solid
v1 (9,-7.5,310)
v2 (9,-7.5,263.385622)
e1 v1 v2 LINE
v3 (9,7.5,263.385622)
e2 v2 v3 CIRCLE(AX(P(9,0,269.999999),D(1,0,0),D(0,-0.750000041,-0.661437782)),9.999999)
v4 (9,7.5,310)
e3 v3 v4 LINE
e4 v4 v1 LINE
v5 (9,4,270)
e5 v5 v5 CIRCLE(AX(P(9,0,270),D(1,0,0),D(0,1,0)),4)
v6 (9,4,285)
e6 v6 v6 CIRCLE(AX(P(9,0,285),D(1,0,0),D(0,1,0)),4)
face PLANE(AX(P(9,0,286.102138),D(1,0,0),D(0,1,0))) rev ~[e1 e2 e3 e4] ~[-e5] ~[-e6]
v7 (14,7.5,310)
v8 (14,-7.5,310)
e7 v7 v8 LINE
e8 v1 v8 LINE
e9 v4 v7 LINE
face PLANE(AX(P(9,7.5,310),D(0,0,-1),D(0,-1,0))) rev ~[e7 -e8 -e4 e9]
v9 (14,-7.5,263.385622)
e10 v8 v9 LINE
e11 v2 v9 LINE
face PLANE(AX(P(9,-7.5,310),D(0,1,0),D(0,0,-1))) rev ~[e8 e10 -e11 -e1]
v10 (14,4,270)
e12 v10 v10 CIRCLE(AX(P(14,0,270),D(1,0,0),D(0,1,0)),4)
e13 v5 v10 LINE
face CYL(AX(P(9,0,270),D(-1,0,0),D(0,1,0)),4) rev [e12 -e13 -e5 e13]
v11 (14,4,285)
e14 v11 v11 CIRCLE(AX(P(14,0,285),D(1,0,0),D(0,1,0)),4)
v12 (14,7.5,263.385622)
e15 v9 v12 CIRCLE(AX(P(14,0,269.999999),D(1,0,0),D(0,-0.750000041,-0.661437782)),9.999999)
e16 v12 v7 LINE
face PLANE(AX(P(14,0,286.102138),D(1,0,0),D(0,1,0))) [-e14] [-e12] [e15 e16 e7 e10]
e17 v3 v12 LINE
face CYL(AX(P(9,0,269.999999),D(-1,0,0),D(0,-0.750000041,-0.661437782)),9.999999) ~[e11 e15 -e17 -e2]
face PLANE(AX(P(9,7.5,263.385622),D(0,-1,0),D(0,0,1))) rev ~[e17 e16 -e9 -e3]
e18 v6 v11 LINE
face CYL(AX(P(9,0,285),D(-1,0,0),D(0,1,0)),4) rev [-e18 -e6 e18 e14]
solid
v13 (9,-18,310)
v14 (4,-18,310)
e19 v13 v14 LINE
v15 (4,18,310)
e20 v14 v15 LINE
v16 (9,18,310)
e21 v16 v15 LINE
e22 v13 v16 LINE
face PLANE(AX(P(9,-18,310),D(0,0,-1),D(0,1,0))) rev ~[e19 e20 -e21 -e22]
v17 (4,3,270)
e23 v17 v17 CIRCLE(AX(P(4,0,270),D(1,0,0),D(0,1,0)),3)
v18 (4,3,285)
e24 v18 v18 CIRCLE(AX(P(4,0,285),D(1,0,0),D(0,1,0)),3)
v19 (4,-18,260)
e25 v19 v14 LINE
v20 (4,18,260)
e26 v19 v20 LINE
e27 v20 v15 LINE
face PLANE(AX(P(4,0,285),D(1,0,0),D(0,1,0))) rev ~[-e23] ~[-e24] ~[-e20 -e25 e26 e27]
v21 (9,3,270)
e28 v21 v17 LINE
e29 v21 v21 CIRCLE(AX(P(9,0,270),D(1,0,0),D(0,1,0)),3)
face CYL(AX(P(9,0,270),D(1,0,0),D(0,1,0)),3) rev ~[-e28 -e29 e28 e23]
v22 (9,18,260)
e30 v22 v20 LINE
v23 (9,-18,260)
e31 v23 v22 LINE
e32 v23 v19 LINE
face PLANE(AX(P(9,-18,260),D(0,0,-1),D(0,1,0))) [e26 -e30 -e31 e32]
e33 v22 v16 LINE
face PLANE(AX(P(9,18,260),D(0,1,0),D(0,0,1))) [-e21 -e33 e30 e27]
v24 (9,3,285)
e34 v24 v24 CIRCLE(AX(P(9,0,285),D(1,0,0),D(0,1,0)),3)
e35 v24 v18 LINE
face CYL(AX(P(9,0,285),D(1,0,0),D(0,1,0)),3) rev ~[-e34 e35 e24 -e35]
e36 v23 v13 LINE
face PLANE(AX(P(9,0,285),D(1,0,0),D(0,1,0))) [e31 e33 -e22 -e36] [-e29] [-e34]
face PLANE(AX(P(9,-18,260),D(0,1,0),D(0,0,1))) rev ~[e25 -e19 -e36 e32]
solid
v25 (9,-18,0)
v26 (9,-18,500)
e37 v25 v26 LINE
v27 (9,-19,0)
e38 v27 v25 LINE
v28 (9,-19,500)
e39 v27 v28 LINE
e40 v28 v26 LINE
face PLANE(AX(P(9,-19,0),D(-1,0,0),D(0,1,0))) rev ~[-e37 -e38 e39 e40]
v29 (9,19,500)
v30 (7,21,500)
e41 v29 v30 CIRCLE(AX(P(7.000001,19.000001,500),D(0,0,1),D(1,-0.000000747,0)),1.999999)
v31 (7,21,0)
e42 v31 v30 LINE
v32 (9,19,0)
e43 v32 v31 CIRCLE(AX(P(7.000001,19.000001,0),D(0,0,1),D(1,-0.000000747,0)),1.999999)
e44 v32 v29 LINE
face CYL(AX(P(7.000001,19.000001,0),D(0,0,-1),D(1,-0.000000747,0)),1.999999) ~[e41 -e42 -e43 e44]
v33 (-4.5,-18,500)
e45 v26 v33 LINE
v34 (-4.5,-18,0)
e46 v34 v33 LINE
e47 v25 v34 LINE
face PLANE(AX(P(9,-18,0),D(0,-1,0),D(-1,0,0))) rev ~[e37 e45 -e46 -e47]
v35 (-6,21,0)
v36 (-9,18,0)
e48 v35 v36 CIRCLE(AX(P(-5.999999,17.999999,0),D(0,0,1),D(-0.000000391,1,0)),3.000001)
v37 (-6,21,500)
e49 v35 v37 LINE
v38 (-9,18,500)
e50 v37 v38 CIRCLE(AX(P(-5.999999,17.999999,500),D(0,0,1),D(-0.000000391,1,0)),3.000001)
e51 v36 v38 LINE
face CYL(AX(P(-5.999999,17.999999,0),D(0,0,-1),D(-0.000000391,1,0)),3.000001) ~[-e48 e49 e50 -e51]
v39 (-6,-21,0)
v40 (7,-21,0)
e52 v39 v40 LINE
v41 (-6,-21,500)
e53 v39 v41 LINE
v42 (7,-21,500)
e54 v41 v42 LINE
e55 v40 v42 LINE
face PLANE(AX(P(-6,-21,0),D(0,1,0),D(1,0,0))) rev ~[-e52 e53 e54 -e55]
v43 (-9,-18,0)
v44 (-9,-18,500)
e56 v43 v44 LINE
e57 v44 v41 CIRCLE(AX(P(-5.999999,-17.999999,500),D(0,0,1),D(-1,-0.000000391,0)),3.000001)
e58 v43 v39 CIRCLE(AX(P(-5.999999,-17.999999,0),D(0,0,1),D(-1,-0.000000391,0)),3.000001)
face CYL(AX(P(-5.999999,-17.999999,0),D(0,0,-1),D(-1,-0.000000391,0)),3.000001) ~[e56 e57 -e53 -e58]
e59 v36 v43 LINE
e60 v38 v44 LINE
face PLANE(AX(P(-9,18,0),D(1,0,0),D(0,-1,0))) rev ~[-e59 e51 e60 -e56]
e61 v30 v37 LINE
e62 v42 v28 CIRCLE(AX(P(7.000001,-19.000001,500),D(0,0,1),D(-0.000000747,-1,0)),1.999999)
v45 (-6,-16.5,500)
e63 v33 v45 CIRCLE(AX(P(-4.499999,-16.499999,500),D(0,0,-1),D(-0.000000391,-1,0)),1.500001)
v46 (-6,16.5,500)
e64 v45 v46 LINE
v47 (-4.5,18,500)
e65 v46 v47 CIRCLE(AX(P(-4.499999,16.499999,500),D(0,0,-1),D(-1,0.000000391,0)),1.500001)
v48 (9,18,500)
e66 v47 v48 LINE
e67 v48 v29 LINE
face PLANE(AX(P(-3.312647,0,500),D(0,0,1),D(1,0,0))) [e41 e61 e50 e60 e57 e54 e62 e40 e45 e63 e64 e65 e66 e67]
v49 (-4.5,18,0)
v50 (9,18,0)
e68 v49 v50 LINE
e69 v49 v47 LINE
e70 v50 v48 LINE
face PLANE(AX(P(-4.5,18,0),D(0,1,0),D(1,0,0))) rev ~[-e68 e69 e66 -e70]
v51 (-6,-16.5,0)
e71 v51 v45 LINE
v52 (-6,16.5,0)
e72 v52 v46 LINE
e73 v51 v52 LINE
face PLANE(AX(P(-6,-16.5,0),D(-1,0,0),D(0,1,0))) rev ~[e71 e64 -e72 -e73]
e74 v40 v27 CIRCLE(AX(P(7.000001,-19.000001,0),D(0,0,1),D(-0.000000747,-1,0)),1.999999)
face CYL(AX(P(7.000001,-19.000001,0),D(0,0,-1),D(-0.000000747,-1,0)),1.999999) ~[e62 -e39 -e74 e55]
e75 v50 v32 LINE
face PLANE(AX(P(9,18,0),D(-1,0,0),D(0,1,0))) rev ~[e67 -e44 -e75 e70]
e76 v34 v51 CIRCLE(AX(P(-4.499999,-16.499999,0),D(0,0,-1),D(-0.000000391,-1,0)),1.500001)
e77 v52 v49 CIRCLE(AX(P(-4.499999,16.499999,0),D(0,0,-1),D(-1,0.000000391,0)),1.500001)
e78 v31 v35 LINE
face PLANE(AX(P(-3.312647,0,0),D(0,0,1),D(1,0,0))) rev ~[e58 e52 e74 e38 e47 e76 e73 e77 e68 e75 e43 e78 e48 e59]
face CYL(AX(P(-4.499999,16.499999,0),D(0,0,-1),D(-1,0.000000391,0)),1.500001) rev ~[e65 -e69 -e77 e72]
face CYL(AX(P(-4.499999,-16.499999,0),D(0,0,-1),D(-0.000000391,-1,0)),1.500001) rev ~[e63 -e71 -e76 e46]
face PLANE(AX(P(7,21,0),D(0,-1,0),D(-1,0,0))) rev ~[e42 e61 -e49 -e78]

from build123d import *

# Parameters (mm, degrees)
F1_DEPTH = 500
F2_W     = 36
F2_H     = 50
F2_R     = 3
F3_DEPTH = 5
F4_R     = 4
F5_DEPTH = 5


with BuildPart() as f1:
    # F0 (on Top) → F1 (new body)
    with BuildSketch(Plane.XY):
        with BuildLine():
            ThreePointArc((9, 19), (8.414214, 20.414214), (7, 21))
            Line((7, 21), (-6, 21))
            ThreePointArc((-6, 21), (-8.12132, 20.12132), (-9, 18))
            Line((-9, 18), (-9, -18))
            ThreePointArc((-9, -18), (-8.12132, -20.12132), (-6, -21))
            Line((-6, -21), (7, -21))
            ThreePointArc((7, -21), (8.414214, -20.414214), (9, -19))
            Line((9, -19), (9, -18))
            Line((9, -18), (-4.5, -18))
            ThreePointArc((-4.5, -18), (-5.56066, -17.56066), (-6, -16.5))
            Line((-6, -16.5), (-6, 16.5))
            ThreePointArc((-6, 16.5), (-5.56066, 17.56066), (-4.5, 18))
            Line((-4.5, 18), (9, 18))
            Line((9, 18), (9, 19))
        make_face()
    extrude(amount=F1_DEPTH)


with BuildPart() as f3:
    # F2 (on face) → F3 (new body)
    with BuildSketch(Plane.YZ.offset(9)):
        with Locations((0, 285)):
            Rectangle(F2_W, F2_H)
        with Locations((0, 270)):
            Circle(F2_R, mode=Mode.SUBTRACT)
        with Locations((0, 285)):
            Circle(F2_R, mode=Mode.SUBTRACT)
    extrude(amount=-F3_DEPTH)


with BuildPart() as f5:
    # F4 (on face) → F5 (new body)
    with BuildSketch(Plane.YZ.offset(9)):
        with BuildLine():
            Line((7.5, 310), (-7.5, 310))
            Line((-7.5, 310), (-7.5, 263.385622))
            ThreePointArc((-7.5, 263.385622), (0, 260), (7.5, 263.385622))
            Line((7.5, 263.385622), (7.5, 310))
        make_face()
        with Locations((0, 270)):
            Circle(F4_R, mode=Mode.SUBTRACT)
        with Locations((0, 285)):
            Circle(F4_R, mode=Mode.SUBTRACT)
    extrude(amount=F5_DEPTH)


solid = Compound([f1.part, f3.part, f5.part])
